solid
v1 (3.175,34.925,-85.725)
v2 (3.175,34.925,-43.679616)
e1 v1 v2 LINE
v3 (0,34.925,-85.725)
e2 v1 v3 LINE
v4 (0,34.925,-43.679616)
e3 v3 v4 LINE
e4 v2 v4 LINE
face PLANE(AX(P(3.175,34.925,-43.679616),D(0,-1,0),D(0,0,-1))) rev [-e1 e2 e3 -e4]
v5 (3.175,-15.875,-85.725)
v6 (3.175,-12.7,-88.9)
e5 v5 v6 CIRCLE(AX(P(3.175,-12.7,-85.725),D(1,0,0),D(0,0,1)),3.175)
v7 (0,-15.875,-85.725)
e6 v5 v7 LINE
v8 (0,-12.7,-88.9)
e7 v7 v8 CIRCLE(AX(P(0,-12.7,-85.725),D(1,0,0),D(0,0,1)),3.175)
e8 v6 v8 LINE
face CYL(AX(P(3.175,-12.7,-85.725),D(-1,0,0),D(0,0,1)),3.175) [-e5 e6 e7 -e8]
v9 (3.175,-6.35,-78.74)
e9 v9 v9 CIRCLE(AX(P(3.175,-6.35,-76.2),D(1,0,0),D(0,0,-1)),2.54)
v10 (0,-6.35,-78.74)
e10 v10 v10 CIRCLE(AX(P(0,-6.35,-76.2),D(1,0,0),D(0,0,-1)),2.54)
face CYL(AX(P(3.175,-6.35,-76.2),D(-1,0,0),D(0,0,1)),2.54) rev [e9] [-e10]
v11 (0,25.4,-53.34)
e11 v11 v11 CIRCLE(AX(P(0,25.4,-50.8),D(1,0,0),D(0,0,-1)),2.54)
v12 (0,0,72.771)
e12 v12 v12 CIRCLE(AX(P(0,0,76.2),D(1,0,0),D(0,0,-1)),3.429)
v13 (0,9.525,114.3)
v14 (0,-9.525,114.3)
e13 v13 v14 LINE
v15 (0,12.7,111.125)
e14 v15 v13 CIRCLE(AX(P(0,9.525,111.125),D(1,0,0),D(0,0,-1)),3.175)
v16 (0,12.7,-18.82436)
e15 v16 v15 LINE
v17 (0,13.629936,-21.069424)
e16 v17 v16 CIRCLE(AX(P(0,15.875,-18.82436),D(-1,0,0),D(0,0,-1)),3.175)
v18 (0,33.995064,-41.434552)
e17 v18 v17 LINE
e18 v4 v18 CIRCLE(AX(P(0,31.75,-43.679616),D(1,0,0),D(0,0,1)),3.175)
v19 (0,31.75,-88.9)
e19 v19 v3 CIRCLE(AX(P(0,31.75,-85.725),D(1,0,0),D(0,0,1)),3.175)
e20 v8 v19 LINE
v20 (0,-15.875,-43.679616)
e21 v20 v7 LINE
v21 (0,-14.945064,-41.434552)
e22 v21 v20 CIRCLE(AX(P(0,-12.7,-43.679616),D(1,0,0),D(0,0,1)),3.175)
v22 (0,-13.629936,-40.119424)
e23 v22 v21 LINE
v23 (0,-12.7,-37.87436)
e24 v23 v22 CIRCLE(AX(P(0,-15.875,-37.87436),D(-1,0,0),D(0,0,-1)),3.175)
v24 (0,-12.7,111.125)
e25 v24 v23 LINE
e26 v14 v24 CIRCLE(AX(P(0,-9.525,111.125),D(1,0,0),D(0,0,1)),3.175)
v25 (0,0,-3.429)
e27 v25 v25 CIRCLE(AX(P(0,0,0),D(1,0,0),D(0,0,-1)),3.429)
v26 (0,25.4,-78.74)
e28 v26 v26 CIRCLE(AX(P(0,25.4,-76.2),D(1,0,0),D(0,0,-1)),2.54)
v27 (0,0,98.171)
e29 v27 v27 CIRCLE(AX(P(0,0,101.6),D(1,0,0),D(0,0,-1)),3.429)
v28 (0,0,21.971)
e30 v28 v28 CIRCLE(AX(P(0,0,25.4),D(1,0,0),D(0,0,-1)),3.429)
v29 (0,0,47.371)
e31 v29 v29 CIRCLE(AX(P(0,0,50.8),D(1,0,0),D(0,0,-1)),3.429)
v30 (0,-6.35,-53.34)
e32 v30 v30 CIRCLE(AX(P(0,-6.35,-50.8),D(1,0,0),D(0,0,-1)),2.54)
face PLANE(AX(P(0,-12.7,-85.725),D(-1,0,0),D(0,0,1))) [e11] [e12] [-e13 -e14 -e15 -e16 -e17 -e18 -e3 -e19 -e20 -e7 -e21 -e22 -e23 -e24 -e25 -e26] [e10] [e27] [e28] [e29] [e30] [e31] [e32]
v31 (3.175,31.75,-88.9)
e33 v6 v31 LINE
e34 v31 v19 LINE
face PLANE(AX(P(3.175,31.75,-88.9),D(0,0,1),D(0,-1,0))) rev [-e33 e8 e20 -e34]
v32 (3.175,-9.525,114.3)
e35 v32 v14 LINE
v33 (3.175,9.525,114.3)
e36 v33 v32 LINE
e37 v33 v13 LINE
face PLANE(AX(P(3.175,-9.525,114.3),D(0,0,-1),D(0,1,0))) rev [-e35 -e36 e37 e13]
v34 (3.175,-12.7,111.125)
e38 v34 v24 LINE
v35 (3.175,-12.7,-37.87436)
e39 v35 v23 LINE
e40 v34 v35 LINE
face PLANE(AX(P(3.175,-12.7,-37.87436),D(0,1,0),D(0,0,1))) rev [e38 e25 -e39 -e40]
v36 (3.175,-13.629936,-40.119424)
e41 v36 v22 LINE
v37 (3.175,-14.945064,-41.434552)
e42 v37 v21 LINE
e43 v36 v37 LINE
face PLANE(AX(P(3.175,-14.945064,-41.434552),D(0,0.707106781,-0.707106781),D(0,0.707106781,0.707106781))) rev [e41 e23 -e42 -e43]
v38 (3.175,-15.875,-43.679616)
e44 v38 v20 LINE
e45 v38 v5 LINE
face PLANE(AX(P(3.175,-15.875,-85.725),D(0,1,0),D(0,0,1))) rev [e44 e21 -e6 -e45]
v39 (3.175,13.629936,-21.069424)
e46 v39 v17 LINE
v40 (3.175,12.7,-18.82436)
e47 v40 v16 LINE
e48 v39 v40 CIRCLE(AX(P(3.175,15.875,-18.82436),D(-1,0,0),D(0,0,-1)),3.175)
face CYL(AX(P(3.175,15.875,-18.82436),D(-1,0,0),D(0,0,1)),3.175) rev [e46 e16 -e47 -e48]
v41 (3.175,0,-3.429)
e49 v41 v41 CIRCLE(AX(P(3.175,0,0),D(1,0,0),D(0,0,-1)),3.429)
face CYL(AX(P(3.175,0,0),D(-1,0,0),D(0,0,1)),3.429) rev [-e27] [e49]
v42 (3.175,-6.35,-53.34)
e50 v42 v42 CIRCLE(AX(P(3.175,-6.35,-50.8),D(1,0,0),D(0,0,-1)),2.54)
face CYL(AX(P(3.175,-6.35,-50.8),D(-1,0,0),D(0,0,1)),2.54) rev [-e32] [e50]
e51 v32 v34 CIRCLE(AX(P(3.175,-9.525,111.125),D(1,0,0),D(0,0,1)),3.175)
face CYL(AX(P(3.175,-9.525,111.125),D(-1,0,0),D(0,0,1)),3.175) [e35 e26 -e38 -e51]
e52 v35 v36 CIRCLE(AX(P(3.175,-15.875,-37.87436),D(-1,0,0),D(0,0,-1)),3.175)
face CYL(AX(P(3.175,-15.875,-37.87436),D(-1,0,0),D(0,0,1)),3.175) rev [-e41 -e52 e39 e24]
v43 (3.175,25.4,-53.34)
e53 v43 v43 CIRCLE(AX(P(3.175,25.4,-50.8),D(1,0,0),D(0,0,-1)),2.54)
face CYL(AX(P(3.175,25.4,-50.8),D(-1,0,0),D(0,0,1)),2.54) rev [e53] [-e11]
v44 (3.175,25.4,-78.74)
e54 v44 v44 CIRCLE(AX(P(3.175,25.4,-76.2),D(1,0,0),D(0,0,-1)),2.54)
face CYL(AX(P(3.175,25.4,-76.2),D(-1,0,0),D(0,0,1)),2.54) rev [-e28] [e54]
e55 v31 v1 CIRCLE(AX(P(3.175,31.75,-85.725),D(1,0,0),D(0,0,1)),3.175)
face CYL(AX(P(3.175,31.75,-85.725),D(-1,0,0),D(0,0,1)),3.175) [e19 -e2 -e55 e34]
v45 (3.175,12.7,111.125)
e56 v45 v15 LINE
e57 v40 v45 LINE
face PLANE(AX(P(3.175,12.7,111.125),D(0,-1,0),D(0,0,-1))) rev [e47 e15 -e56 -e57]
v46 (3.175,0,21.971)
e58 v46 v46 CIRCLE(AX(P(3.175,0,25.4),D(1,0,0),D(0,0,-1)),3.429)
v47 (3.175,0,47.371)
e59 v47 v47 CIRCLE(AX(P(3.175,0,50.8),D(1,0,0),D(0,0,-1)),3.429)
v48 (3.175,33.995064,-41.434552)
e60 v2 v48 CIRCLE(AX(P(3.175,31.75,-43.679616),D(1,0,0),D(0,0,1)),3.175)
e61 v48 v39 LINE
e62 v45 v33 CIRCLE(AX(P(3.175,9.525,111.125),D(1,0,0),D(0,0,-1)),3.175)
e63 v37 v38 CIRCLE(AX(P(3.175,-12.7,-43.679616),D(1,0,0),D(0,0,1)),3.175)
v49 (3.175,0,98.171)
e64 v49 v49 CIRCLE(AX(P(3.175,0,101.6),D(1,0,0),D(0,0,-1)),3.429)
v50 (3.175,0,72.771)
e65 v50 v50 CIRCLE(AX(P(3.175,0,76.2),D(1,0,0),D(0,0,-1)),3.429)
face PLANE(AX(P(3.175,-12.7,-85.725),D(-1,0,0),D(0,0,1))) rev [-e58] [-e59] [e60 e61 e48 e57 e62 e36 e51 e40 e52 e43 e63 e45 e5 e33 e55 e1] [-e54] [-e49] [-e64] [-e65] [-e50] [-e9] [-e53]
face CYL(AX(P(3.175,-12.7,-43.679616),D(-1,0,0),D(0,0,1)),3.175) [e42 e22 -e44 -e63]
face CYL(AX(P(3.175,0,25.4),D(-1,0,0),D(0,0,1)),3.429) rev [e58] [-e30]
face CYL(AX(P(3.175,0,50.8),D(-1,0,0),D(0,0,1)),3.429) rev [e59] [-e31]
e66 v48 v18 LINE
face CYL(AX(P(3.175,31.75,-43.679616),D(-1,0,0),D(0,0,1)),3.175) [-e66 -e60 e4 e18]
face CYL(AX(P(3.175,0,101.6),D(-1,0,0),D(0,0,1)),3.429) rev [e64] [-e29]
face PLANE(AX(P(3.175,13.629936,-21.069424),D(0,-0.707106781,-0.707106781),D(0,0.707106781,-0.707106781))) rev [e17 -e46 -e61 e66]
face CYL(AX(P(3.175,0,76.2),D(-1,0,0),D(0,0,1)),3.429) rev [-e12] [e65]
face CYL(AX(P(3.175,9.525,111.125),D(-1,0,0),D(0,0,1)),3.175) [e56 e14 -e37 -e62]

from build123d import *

# Parameters (mm, degrees)
SKETCH2_R           = 3.429
SKETCH2_R_2         = 2.54
BOSS_EXTRUDE1_DEPTH = 3.175


with BuildPart() as part:
    # Sketch2 → Boss-Extrude1 (new body)
    with BuildSketch(Plane(origin=(0, 0, 0), x_dir=(0, 0, -1), z_dir=(1, 0, 0))):
        with BuildLine():
            Line((-111.125, 12.7), (18.824359697, 12.7))
            ThreePointArc((18.824359697, 12.7), (20.039379595, 12.941682484), (21.069423728, 13.62993597))
            Line((21.069423728, 13.62993597), (41.434551788, 33.99506403))
            ThreePointArc((41.434551788, 33.99506403), (42.464595921, 34.683317516), (43.679615818, 34.925))
            Line((43.679615818, 34.925), (85.725, 34.925))
            ThreePointArc((85.725, 34.925), (87.97006403, 33.99506403), (88.9, 31.75))
            Line((88.9, 31.75), (88.9, -12.7))
            ThreePointArc((88.9, -12.7), (87.97006403, -14.94506403), (85.725, -15.875))
            Line((85.725, -15.875), (43.679615818, -15.875))
            ThreePointArc((43.679615818, -15.875), (42.464595921, -15.633317516), (41.434551788, -14.94506403))
            Line((41.434551788, -14.94506403), (40.119423728, -13.62993597))
            ThreePointArc((40.119423728, -13.62993597), (39.089379595, -12.941682484), (37.874359697, -12.7))
            Line((37.874359697, -12.7), (-111.125, -12.7))
            ThreePointArc((-111.125, -12.7), (-113.37006403, -11.77006403), (-114.3, -9.525))
            Line((-114.3, -9.525), (-114.3, 9.525))
            ThreePointArc((-114.3, 9.525), (-113.37006403, 11.77006403), (-111.125, 12.7))
        make_face()
        with Locations((-101.6, 0)):
            Circle(SKETCH2_R, mode=Mode.SUBTRACT)
        with Locations((-76.2, 0)):
            Circle(SKETCH2_R, mode=Mode.SUBTRACT)
        with Locations((-50.8, 0)):
            Circle(SKETCH2_R, mode=Mode.SUBTRACT)
        with Locations((-25.4, 0)):
            Circle(SKETCH2_R, mode=Mode.SUBTRACT)
        Circle(SKETCH2_R, mode=Mode.SUBTRACT)
        with Locations((50.8, 25.4)):
            Circle(SKETCH2_R_2, mode=Mode.SUBTRACT)
        with Locations((76.2, 25.4)):
            Circle(SKETCH2_R_2, mode=Mode.SUBTRACT)
        with Locations((50.8, -6.35)):
            Circle(SKETCH2_R_2, mode=Mode.SUBTRACT)
        with Locations((76.2, -6.35)):
            Circle(SKETCH2_R_2, mode=Mode.SUBTRACT)
    extrude(amount=BOSS_EXTRUDE1_DEPTH)


solid = part.part
